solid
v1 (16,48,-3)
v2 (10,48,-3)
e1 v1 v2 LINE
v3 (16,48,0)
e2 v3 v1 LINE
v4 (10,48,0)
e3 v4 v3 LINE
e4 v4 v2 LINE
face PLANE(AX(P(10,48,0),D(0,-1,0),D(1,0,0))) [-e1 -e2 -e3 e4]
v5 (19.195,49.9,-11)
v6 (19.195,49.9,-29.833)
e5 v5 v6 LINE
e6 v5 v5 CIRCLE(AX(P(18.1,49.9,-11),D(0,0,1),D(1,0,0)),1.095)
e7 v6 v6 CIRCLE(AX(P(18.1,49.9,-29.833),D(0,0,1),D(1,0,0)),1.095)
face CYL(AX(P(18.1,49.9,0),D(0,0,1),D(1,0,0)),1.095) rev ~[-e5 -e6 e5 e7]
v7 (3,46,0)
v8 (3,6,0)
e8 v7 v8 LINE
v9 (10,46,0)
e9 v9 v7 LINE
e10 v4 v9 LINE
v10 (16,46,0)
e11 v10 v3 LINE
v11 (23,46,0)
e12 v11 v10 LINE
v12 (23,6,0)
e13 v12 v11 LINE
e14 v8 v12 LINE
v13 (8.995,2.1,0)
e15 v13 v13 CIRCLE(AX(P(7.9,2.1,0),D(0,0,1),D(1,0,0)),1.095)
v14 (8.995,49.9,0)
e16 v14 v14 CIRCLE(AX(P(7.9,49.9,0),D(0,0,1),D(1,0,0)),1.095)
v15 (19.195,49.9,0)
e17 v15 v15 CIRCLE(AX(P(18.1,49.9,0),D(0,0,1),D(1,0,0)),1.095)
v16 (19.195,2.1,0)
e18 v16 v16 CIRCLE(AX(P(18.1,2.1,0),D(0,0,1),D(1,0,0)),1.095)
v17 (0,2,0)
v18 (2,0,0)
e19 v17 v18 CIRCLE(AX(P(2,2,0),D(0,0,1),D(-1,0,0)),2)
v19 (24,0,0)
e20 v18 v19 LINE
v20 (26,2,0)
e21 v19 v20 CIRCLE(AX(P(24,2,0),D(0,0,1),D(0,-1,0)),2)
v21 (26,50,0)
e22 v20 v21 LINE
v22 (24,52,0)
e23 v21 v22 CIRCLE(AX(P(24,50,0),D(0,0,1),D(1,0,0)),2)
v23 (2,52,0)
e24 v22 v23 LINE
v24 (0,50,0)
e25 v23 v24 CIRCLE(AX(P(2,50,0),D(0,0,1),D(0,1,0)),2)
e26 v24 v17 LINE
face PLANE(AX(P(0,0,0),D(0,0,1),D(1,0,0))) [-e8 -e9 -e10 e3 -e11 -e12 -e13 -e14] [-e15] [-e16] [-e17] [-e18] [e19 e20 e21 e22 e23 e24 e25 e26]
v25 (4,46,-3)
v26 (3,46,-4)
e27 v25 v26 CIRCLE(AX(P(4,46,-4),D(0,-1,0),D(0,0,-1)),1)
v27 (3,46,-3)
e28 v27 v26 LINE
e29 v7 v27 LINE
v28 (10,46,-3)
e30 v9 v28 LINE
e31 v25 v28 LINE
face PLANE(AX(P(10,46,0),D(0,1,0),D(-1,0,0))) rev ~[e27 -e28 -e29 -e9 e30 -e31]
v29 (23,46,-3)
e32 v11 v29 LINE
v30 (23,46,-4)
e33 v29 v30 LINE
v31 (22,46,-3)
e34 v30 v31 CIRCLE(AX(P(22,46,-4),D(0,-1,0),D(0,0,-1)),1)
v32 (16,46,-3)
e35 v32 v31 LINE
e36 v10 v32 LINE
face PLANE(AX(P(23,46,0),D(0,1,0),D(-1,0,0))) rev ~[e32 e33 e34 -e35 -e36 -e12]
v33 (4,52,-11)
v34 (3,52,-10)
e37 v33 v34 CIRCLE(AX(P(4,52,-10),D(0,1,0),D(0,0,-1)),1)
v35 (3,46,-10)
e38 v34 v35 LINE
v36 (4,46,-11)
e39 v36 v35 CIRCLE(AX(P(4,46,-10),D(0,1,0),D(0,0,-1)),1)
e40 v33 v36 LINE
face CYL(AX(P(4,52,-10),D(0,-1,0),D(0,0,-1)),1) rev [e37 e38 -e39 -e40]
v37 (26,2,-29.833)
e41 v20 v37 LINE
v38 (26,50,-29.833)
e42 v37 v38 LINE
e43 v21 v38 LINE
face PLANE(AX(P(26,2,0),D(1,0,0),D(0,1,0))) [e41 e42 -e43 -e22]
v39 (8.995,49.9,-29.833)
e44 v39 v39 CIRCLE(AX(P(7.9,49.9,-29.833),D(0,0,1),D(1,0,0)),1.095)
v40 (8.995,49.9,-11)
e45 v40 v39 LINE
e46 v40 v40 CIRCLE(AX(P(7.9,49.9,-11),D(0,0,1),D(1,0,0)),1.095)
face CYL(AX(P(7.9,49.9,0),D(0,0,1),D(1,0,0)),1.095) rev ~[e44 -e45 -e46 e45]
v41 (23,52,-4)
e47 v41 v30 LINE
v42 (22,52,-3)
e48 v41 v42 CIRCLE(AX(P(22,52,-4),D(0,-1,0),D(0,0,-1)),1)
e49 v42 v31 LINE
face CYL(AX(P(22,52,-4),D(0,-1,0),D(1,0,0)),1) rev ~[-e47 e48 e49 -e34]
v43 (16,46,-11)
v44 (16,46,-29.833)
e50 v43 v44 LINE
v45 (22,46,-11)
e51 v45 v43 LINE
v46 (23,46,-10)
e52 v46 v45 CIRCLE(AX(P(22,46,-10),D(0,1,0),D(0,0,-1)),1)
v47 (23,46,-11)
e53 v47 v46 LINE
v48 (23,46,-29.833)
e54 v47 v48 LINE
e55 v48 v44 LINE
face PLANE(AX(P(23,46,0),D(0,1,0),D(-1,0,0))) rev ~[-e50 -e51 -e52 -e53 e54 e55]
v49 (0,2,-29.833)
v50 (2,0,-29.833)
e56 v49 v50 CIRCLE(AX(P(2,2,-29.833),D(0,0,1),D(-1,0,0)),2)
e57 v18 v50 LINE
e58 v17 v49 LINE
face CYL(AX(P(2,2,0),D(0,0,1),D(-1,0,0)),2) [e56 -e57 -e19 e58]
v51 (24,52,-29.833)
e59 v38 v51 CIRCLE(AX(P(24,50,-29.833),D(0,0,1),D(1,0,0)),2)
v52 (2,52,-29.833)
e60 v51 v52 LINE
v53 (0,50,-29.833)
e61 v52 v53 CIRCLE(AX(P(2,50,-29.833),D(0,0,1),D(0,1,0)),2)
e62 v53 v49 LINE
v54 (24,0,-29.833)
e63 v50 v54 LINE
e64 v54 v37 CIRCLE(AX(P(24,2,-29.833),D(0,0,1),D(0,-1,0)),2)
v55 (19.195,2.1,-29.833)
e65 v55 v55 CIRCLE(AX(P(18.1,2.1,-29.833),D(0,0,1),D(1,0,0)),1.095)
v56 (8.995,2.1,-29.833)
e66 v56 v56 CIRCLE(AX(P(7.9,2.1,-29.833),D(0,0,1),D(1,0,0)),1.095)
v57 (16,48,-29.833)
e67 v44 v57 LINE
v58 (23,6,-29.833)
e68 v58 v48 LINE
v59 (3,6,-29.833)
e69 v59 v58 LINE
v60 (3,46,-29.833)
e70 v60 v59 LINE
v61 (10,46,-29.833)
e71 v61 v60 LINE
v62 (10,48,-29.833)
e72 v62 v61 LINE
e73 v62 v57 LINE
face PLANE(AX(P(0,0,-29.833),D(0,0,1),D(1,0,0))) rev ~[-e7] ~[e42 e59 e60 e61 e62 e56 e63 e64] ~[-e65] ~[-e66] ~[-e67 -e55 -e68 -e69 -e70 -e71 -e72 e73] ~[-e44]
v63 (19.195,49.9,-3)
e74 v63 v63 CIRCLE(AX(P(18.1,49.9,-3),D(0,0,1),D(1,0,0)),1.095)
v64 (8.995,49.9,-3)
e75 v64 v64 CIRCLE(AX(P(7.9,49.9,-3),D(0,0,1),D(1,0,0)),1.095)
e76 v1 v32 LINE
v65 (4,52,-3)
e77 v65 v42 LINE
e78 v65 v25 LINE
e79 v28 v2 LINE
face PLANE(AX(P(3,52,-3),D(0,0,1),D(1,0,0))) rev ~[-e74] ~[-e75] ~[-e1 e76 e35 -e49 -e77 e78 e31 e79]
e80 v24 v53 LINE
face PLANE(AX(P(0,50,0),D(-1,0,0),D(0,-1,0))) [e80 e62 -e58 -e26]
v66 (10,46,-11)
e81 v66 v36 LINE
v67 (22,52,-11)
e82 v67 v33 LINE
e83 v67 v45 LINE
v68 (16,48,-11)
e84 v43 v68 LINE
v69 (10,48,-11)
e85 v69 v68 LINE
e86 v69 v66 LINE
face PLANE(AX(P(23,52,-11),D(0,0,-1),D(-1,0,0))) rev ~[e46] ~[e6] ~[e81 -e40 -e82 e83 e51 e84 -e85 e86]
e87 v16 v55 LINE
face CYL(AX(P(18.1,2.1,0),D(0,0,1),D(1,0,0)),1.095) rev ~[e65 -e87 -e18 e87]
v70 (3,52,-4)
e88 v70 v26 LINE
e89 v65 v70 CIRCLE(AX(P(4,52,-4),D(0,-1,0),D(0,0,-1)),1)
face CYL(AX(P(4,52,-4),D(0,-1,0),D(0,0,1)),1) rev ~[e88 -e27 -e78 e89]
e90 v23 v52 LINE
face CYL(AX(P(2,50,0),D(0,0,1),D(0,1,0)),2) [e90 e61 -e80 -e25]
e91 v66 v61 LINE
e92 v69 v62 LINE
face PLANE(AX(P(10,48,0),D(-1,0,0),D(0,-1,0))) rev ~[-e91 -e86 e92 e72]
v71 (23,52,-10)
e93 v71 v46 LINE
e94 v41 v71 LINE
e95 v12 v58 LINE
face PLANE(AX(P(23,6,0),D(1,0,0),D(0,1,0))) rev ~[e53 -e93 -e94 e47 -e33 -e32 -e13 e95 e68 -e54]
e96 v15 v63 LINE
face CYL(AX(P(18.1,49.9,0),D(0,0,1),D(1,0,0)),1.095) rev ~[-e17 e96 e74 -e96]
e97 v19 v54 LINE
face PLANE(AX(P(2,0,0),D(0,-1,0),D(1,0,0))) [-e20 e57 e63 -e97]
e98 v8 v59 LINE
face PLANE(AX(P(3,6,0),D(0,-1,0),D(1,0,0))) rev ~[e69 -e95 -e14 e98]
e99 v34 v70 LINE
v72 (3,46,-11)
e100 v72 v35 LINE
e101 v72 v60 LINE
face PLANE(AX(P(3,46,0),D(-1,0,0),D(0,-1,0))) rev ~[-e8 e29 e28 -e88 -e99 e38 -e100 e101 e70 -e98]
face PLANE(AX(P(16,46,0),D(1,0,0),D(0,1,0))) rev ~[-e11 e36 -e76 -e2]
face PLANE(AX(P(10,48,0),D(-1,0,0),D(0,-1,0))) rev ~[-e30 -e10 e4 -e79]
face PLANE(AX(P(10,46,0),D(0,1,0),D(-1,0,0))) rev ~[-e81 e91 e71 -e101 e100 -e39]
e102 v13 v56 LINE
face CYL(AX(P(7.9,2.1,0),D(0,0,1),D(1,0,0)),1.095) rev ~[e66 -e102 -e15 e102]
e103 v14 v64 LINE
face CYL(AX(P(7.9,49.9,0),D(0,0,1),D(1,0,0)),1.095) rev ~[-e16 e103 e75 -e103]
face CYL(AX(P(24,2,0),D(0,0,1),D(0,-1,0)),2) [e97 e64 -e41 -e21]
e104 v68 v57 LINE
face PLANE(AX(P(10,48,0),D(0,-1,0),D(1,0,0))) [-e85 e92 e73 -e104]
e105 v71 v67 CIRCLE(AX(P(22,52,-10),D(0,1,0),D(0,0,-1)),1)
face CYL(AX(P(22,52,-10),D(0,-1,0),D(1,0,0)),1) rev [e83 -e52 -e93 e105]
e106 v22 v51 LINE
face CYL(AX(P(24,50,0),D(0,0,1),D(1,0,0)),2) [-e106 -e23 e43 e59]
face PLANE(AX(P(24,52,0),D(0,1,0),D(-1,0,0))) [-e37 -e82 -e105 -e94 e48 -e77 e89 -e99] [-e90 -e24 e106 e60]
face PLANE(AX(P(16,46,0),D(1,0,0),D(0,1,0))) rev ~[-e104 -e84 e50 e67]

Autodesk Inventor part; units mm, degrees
ref_plane "YZ Plane" through (0, 0, 0) normal (1, 0, 0) x (0, 1, 0)
ref_plane "XZ Plane" through (0, 0, 0) normal (0, 1, 0) x (-1, 0, 0)
ref_plane "XY Plane" through (0, 0, 0) normal (0, 0, 1) x (1, 0, 0)
sketch "Sketch6" plane through (0, 0, 0) normal (0, 0, 1) x (1, 0, 0)
  line L0 (2, 0) -> (24, 0)
  line L1 (24, 52) -> (2, 52)
  line L2 (0, 50) -> (0, 2)
  line L3 (3, 6) -> (23, 6)
  line L4 (23, 6) -> (23, 46)
  line L5 (13, 6) -> (13, 46) construction
  line L6 (16, 46) -> (16, 48)
  line L7 (10, 48) -> (10, 46)
  line L8 (23, 46) -> (16, 46)
  line L9 (10, 46) -> (3, 46)
  arc A0 (2, 52) -> (0, 50) centre (2, 50) ccw
  arc A1 (26, 50) -> (24, 52) centre (24, 50) ccw
  arc A2 (24, 0) -> (26, 2) centre (24, 2) ccw
  arc A3 (0, 2) -> (2, 0) centre (2, 2) ccw
  line L10 (3, 26) -> (23, 26) construction
  line L11 (26, 2) -> (26, 50)
  line L12 (3, 46) -> (3, 6)
  line L13 (10, 48) -> (16, 48)
  point P0 (0, 0)
  dimension "d122" = 52
  dimension "d126" = 6
  dimension "d127" = 6
  dimension "d131" = 3
  dimension "d132" = 2
  dimension "d159" = 13
  dimension "d162" = 10
  dimension "d163" = 10
  dimension "d164" = 3
  dimension "d165" = 3
  dimension "d166" = 20
  dimension "d167" = 40
extrude "Extrusion3" add sketch "Sketch6" against normal blind 29.833
sketch "Sketch7" plane through (0, 0, 0) normal (0, 0, 1) x (1, 0, 0)
  point P0 (0, 0)
sketch "Sketch8" plane through (0, 0, 0) normal (0, 0, 1) x (1, 0, 0)
  circle A0 centre (7.9, 49.9) radius 1.095
  circle A1 centre (18.1, 49.9) radius 1.095
  line L0 (3, 46) -> (10, 46) projected
  line L1 (16, 46) -> (23, 46) projected
  line L2 (10, 48) -> (16, 48) projected
  line L3 (13, 48) -> (13, 6) construction
  line L4 (3, 6) -> (23, 6) projected
  line L5 (5, 6) -> (5, 46) projected
  line L6 (5, 26) -> (23, 26) construction
  line L7 (23, 46) -> (23, 6) projected
  circle A2 centre (7.9, 2.1) radius 1.095
  circle A3 centre (18.1, 2.1) radius 1.095
  point P0 (0, 0)
  dimension "d149" = 2.19
  dimension "d150" = 2.19
  dimension "d151" = 3.9
  dimension "d152" = 3.9
  dimension "d153" = 5.1
  dimension "d154" = 5.1
extrude "Extrusion4" cut sketch "Sketch8" against normal blind 33.25
sketch "Sketch9" plane through (2, 52, 0) normal (0, 1, 0) x (1, 0, 0)
  line L0 (1, 3) -> (21, 3)
  line L1 (21, 3) -> (21, 11)
  line L2 (21, 11) -> (1, 11)
  line L3 (1, 11) -> (1, 3)
  line L4 (22, 0) -> (0, 0) projected
  line L5 (0, 0) -> (0, 29.833) projected
  point P0 (-2, 0)
  dimension "d168" = 20
  dimension "d169" = 8
  dimension "d171" = 3
  dimension "d172" = 1
extrude "Extrusion5" cut sketch "Sketch9" against normal blind 6
fillet "Fillet1" radius 1 1 edges at (23, 49, -11)
fillet "Fillet2" radius 1 3 edges at (23, 49, -3) (3, 49, -11) (3, 49, -3)
properties part number "NewServoMount"
